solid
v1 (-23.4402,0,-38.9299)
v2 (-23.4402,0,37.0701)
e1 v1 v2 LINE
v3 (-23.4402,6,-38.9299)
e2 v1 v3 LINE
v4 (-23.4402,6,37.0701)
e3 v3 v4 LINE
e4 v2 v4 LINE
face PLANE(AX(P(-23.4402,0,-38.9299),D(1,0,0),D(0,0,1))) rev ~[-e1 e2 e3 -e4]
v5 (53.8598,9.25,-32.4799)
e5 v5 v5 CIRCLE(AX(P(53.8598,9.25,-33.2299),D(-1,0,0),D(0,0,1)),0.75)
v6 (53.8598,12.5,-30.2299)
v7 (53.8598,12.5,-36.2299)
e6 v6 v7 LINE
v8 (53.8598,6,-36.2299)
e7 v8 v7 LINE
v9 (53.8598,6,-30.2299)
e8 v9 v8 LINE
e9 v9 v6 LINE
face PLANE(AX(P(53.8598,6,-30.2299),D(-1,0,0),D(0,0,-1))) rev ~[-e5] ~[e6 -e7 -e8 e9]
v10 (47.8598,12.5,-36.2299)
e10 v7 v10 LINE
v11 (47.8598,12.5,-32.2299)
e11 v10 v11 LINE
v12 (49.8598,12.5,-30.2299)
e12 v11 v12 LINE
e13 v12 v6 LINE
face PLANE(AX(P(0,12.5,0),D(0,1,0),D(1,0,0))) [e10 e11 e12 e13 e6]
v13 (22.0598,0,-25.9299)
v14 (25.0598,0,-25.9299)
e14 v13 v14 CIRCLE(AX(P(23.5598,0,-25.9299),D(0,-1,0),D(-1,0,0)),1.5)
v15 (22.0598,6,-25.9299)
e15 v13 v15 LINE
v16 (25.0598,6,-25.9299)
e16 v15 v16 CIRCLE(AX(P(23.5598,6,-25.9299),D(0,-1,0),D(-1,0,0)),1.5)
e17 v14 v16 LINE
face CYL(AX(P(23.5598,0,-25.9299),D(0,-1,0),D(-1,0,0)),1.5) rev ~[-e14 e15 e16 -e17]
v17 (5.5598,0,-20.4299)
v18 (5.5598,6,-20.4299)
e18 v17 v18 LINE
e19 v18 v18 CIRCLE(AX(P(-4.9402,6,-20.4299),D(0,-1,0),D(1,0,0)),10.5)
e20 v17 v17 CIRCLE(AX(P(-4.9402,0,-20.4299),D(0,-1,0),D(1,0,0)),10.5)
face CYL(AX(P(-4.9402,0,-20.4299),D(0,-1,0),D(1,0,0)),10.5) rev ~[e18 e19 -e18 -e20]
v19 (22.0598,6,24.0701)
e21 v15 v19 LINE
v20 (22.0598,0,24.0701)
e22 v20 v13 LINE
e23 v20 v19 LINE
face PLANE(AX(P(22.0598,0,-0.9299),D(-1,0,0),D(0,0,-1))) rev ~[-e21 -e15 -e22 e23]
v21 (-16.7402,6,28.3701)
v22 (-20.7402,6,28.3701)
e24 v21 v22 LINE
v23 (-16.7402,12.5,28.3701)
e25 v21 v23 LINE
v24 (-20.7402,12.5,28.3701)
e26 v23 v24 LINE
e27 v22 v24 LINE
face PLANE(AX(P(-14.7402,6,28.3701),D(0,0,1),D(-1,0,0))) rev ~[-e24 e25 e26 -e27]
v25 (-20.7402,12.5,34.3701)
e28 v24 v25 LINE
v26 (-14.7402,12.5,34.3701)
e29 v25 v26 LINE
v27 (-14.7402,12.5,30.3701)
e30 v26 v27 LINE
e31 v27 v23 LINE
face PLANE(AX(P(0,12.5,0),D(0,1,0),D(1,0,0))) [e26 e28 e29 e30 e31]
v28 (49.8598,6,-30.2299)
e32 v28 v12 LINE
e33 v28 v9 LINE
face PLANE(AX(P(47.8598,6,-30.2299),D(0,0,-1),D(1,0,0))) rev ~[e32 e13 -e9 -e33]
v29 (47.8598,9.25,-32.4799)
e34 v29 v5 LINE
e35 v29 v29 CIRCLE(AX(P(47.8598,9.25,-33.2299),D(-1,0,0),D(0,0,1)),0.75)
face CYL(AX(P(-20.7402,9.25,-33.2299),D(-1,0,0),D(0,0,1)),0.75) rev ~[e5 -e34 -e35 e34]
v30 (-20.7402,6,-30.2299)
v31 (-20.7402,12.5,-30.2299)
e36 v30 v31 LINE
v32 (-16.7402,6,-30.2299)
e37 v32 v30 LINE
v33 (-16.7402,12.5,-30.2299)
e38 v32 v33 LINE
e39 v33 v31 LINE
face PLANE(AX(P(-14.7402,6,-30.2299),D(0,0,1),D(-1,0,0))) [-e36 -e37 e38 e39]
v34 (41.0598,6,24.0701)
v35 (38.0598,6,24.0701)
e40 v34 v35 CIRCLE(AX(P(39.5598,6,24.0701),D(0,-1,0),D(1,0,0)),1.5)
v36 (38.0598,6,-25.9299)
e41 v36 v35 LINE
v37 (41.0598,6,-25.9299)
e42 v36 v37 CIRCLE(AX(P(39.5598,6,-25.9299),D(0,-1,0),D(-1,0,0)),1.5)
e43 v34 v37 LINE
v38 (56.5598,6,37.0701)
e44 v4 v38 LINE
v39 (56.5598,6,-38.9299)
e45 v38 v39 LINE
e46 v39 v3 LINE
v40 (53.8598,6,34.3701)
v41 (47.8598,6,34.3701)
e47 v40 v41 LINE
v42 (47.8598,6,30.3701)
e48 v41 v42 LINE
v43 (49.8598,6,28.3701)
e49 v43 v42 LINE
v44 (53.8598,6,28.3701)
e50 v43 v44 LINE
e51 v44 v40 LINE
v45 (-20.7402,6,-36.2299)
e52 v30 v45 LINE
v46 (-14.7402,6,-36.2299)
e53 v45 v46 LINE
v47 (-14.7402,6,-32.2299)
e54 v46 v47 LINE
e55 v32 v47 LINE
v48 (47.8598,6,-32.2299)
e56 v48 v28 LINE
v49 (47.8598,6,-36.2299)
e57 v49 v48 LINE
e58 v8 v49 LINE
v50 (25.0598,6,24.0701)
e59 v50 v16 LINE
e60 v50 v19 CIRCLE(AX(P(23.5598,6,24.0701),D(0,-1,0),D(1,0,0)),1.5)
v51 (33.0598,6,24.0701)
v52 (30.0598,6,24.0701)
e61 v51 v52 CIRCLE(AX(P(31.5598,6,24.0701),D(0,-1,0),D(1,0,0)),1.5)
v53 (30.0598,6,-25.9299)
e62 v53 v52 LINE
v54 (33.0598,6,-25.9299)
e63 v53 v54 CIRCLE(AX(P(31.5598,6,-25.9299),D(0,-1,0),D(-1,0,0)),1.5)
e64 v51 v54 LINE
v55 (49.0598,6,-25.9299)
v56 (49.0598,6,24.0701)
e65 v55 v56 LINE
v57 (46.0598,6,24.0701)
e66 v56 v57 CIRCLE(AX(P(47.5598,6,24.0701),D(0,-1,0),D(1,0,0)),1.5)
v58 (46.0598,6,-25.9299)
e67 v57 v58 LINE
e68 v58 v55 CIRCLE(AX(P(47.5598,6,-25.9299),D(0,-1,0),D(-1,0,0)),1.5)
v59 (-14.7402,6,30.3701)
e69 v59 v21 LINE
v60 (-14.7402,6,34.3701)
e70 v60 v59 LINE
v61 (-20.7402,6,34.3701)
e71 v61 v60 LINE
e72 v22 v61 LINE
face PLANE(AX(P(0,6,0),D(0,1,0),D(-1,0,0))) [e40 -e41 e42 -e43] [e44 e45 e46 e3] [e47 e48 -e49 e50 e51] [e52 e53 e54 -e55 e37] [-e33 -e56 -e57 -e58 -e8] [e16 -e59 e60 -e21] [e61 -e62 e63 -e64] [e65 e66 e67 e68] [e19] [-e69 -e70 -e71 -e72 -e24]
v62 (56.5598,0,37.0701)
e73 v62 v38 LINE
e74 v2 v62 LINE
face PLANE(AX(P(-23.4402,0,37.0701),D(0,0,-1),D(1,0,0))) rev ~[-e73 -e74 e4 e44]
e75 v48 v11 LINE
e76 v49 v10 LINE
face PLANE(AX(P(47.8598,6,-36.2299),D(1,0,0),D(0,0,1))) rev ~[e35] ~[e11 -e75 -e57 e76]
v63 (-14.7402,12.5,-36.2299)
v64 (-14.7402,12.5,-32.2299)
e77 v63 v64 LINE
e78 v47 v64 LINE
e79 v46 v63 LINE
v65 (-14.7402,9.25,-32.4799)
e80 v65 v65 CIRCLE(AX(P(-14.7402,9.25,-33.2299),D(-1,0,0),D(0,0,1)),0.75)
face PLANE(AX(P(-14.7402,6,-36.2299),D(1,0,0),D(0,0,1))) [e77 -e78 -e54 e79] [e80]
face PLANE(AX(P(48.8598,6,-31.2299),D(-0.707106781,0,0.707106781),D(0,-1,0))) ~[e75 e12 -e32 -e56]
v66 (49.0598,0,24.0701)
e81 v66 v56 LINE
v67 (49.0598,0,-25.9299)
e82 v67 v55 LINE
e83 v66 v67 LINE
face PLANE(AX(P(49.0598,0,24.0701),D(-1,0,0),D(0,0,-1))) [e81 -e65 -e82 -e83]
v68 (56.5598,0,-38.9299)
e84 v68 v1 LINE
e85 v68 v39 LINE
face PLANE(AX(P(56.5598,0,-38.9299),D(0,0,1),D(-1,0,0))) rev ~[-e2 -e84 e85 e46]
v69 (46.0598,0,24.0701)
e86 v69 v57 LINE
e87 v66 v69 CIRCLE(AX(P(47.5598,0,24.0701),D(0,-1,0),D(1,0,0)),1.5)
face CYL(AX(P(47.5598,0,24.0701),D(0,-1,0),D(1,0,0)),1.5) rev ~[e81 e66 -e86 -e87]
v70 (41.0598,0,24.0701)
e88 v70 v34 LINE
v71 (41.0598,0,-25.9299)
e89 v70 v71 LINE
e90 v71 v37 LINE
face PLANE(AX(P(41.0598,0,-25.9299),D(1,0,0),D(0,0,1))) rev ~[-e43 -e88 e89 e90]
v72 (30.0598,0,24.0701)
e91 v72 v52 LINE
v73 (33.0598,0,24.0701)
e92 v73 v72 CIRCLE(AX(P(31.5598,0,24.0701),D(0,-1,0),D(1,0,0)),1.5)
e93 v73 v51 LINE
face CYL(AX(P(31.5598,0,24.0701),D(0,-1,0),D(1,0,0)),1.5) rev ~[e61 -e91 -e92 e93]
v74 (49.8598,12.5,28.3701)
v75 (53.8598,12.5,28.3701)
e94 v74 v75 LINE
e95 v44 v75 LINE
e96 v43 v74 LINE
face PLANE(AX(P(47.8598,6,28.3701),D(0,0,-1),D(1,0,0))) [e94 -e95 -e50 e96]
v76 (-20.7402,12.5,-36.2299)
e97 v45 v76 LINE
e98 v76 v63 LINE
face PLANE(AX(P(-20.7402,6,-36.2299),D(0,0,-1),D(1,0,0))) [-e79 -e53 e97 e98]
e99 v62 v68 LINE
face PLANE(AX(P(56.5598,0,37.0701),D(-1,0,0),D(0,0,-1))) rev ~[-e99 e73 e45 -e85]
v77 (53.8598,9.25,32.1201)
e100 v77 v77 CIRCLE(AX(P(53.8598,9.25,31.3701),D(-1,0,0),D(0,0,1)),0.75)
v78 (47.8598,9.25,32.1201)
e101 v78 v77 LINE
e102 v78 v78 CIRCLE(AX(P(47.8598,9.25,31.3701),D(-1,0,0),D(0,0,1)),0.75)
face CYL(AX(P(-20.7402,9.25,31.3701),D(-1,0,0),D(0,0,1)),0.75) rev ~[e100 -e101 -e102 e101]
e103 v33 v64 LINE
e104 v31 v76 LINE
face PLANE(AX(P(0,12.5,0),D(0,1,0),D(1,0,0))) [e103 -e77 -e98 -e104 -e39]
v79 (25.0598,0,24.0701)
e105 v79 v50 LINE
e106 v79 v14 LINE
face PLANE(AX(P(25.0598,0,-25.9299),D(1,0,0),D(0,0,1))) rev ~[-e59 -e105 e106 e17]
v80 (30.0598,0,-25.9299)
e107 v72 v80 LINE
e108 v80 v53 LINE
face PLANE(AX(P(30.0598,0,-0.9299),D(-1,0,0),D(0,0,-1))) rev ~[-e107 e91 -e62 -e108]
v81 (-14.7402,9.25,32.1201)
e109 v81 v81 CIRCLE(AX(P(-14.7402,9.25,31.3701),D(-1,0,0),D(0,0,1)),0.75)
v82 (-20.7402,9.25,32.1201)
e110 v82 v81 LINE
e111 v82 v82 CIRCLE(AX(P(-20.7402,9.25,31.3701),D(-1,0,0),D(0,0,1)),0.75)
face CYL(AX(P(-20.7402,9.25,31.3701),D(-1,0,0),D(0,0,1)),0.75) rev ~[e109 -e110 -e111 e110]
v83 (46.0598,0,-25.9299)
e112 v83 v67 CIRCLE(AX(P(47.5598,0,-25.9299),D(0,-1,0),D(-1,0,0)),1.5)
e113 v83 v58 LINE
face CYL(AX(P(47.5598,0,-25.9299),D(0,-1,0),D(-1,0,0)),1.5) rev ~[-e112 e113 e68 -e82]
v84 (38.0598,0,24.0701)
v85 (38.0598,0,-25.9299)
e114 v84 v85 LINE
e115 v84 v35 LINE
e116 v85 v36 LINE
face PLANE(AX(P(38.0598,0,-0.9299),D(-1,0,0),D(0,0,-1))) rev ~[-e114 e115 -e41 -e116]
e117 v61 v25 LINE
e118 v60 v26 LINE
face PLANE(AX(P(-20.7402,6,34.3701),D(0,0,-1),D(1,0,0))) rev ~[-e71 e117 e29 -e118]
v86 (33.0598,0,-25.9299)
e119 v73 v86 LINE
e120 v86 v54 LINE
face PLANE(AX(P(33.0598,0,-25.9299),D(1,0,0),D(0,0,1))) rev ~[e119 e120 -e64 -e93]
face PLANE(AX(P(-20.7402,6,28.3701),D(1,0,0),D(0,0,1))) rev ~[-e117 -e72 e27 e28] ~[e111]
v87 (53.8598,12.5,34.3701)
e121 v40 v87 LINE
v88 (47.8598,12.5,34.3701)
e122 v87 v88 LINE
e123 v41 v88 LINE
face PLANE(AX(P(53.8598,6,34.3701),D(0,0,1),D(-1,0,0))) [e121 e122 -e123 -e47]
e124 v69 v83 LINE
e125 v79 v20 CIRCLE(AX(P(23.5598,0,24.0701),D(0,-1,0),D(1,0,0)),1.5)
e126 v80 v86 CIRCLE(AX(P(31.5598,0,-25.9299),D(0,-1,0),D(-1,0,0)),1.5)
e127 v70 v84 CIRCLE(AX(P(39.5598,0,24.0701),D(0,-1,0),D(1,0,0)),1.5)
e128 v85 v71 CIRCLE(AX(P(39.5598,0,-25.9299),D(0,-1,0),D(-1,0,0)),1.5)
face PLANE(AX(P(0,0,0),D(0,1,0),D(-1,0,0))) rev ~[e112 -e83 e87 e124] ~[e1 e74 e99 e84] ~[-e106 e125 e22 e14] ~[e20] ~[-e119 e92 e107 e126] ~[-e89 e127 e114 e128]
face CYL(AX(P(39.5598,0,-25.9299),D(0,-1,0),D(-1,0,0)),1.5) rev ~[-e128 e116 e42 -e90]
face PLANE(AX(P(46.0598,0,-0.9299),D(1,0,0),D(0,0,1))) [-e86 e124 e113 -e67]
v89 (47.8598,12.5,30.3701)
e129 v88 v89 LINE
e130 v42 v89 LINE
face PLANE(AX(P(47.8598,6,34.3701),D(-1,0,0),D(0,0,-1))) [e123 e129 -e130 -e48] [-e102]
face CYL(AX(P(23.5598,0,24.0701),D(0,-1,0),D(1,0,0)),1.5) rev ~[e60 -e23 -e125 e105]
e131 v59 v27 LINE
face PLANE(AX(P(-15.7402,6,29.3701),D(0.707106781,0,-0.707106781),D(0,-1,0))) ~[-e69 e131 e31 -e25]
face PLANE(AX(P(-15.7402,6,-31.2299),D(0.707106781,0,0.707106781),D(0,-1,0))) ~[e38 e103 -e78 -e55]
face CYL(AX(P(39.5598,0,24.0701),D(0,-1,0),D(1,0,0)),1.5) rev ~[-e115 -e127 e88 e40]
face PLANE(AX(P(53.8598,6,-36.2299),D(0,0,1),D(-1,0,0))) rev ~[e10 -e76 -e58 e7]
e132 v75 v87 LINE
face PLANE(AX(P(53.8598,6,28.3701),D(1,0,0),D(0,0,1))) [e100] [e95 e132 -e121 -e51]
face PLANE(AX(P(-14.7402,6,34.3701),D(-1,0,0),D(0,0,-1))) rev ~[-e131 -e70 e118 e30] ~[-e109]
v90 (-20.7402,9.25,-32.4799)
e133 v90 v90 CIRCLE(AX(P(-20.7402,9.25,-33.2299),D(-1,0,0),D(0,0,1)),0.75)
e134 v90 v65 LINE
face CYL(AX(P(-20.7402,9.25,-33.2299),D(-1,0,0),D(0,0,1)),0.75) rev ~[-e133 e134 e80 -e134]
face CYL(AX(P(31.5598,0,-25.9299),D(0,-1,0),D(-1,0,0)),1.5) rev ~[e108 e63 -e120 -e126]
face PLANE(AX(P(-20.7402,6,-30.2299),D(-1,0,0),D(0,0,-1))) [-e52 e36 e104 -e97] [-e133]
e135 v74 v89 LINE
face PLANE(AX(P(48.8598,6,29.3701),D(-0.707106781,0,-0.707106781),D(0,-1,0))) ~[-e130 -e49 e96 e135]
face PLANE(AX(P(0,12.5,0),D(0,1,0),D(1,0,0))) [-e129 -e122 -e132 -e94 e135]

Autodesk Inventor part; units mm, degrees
ref_plane "YZ Plane" through (0, 0, 0) normal (1, 0, 0) x (0, 1, 0)
ref_plane "XZ Plane" through (0, 0, 0) normal (0, 1, 0) x (-1, 0, 0)
ref_plane "XY Plane" through (0, 0, 0) normal (0, 0, 1) x (1, 0, 0)
sketch "Skizze1" plane through (0, 0, 0) normal (0, 1, 0) x (-1, 0, 0)
  line L0 (23.4402, 37.0701) -> (-56.5598, 37.0701)
  line L1 (-56.5598, 37.0701) -> (-56.5598, -38.9299)
  line L2 (-56.5598, -38.9299) -> (23.4402, -38.9299)
  line L3 (23.4402, -38.9299) -> (23.4402, 37.0701)
  point P0 (0, 0)
  dimension "d0" = 76
  dimension "d1" = 80
extrude "Extrusion1" add sketch "Skizze1" along normal blind 6
sketch "Skizze8" plane through (0, 0, 0) normal (0, -1, 0) x (1, 0, 0)
  line L0 (47.5598, 24.0701) -> (47.5598, -25.9299) construction
  line L1 (49.0598, 24.0701) -> (49.0598, -25.9299)
  line L2 (46.0598, -25.9299) -> (46.0598, 24.0701)
  arc A0 (49.0598, 24.0701) -> (46.0598, 24.0701) centre (47.5598, 24.0701) ccw
  arc A1 (46.0598, -25.9299) -> (49.0598, -25.9299) centre (47.5598, -25.9299) ccw
  line L3 (52.5598, -0.9299) -> (-23.4402, -0.9299)
  line L4 (39.5598, 24.0701) -> (39.5598, -25.9299) construction
  line L5 (38.0598, 24.0701) -> (38.0598, -25.9299)
  line L6 (41.0598, -25.9299) -> (41.0598, 24.0701)
  arc A2 (41.0598, 24.0701) -> (38.0598, 24.0701) centre (39.5598, 24.0701) ccw
  arc A3 (38.0598, -25.9299) -> (41.0598, -25.9299) centre (39.5598, -25.9299) ccw
  line L7 (56.5598, 37.0701) -> (56.5598, -38.9299) projected
  line L8 (56.5598, -38.9299) -> (-23.4402, -38.9299) projected
  line L9 (41.0598, 24.0701) -> (38.0598, 24.0701) construction
  line L10 (41.0598, -25.9299) -> (38.0598, -25.9299) construction
  line L11 (49.0598, -25.9299) -> (46.0598, -25.9299) construction
  arc A4 (30.0598, -25.9299) -> (33.0598, -25.9299) centre (31.5598, -25.9299) ccw
  line L12 (31.5598, 24.0701) -> (31.5598, -25.9299) construction
  line L13 (30.0598, 24.0701) -> (30.0598, -25.9299)
  line L14 (33.0598, -25.9299) -> (33.0598, 24.0701)
  arc A5 (33.0598, 24.0701) -> (30.0598, 24.0701) centre (31.5598, 24.0701) ccw
  line L15 (33.0598, 24.0701) -> (30.0598, 24.0701) construction
  line L16 (33.0598, -25.9299) -> (30.0598, -25.9299) construction
  line L17 (25.0598, 24.0701) -> (22.0598, 24.0701) construction
  arc A6 (25.0598, 24.0701) -> (22.0598, 24.0701) centre (23.5598, 24.0701) ccw
  line L18 (25.0598, -25.9299) -> (25.0598, 24.0701)
  line L19 (23.5598, 24.0701) -> (23.5598, -25.9299) construction
  line L20 (22.0598, 24.0701) -> (22.0598, -25.9299)
  line L21 (25.0598, -25.9299) -> (22.0598, -25.9299) construction
  arc A7 (22.0598, -25.9299) -> (25.0598, -25.9299) centre (23.5598, -25.9299) ccw
  line L22 (-23.4402, 37.0701) -> (56.5598, 37.0701) projected
  line L23 (-23.4402, -38.9299) -> (-23.4402, 37.0701) projected
  circle A8 centre (-4.9402, -20.4299) radius 10.5
  point P0 (47.5598, -0.9299)
  point P1 (35.0598, -0.9299)
  dimension "d69" = 7.5
  dimension "d70" = 50
  dimension "d71" = 38
  dimension "d72" = 5
  dimension "d74" = 3
  dimension "d75" = 5
  dimension "d76" = 5
  dimension "d109" = 21
  dimension "d110" = 18.5
  dimension "d111" = 18.5
extrude "Extrusion8" cut sketch "Skizze8" against normal blind 10 contours L18 A7 L20 L3 | L3 L20 A6 L18 | L14 A4 L13 L3 | L3 L13 A5 L14 | L6 A3 L5 L3 | L3 L5 A2 L6 | L1 L3 L2 A0 | L1 A1 L2 L3 | A8
sketch "Skizze14" plane through (0, 6, 0) normal (0, 1, 0) x (1, 0, 0)
  line L0 (-20.7402, -34.3701) -> (-14.7402, -34.3701)
  line L1 (-14.7402, -34.3701) -> (-14.7402, -28.3701)
  line L2 (-14.7402, -28.3701) -> (-20.7402, -28.3701)
  line L3 (-20.7402, -28.3701) -> (-20.7402, -34.3701)
  line L4 (-20.7402, 36.2299) -> (-14.7402, 36.2299)
  line L5 (-14.7402, 36.2299) -> (-14.7402, 30.2299)
  line L6 (-14.7402, 30.2299) -> (-20.7402, 30.2299)
  line L7 (-20.7402, 30.2299) -> (-20.7402, 36.2299)
  line L8 (-23.4402, 38.9299) -> (-23.4402, -37.0701) projected
  line L9 (56.5598, 38.9299) -> (-23.4402, 38.9299) projected
  line L10 (-23.4402, -37.0701) -> (56.5598, -37.0701) projected
  line L11 (47.8598, 30.2299) -> (53.8598, 30.2299)
  line L12 (53.8598, 30.2299) -> (53.8598, 36.2299)
  line L13 (53.8598, 36.2299) -> (47.8598, 36.2299)
  line L14 (47.8598, 36.2299) -> (47.8598, 30.2299)
  line L15 (53.8598, -34.3701) -> (47.8598, -34.3701)
  line L16 (47.8598, -34.3701) -> (47.8598, -28.3701)
  line L17 (47.8598, -28.3701) -> (53.8598, -28.3701)
  line L18 (53.8598, -28.3701) -> (53.8598, -34.3701)
  line L19 (56.5598, -37.0701) -> (56.5598, 38.9299) projected
  point P0 (0, 0)
  dimension "d83" = 6
  dimension "d84" = 2.7
  dimension "d85" = 2.7
  dimension "d86" = 2.7
  dimension "d112" = 2.7
extrude "Extrusion14" add sketch "Skizze14" along normal blind 6.5 contours L3 L2 L1 L0 | L4 L5 L6 L7 | L14 L13 L12 L11 | L15 L16 L17 L18
sketch "Skizze17" plane through (-20.7402, 6, -36.2299) normal (-1, 0, 0) x (0, 0, 1)
  circle A0 centre (67.6, 3.25) radius 0.75
  circle A1 centre (3, 3.25) radius 0.75
  line L0 (-2.7, 0) -> (73.3, 0) projected
  line L1 (0, 0) -> (0, 6.5) projected
  line L2 (70.6, 0) -> (70.6, 6.5) projected
  point P0 (36.2299, -6)
  dimension "d102" = 3.25
  dimension "d103" = 1.5
  dimension "d104" = 3
  dimension "d105" = 3
  dimension "d106" = 3.25
extrude "Extrusion17" cut sketch "Skizze17" against normal through all
chamfer "Fase1" distance 2 angle 45 4 edges at (-14.7402, 9.25, 28.3701) (-14.7402, 9.25, -30.2299) (47.8598, 9.25, 28.3701) (47.8598, 9.25, -30.2299)
properties part number "cover without shutdown button"
